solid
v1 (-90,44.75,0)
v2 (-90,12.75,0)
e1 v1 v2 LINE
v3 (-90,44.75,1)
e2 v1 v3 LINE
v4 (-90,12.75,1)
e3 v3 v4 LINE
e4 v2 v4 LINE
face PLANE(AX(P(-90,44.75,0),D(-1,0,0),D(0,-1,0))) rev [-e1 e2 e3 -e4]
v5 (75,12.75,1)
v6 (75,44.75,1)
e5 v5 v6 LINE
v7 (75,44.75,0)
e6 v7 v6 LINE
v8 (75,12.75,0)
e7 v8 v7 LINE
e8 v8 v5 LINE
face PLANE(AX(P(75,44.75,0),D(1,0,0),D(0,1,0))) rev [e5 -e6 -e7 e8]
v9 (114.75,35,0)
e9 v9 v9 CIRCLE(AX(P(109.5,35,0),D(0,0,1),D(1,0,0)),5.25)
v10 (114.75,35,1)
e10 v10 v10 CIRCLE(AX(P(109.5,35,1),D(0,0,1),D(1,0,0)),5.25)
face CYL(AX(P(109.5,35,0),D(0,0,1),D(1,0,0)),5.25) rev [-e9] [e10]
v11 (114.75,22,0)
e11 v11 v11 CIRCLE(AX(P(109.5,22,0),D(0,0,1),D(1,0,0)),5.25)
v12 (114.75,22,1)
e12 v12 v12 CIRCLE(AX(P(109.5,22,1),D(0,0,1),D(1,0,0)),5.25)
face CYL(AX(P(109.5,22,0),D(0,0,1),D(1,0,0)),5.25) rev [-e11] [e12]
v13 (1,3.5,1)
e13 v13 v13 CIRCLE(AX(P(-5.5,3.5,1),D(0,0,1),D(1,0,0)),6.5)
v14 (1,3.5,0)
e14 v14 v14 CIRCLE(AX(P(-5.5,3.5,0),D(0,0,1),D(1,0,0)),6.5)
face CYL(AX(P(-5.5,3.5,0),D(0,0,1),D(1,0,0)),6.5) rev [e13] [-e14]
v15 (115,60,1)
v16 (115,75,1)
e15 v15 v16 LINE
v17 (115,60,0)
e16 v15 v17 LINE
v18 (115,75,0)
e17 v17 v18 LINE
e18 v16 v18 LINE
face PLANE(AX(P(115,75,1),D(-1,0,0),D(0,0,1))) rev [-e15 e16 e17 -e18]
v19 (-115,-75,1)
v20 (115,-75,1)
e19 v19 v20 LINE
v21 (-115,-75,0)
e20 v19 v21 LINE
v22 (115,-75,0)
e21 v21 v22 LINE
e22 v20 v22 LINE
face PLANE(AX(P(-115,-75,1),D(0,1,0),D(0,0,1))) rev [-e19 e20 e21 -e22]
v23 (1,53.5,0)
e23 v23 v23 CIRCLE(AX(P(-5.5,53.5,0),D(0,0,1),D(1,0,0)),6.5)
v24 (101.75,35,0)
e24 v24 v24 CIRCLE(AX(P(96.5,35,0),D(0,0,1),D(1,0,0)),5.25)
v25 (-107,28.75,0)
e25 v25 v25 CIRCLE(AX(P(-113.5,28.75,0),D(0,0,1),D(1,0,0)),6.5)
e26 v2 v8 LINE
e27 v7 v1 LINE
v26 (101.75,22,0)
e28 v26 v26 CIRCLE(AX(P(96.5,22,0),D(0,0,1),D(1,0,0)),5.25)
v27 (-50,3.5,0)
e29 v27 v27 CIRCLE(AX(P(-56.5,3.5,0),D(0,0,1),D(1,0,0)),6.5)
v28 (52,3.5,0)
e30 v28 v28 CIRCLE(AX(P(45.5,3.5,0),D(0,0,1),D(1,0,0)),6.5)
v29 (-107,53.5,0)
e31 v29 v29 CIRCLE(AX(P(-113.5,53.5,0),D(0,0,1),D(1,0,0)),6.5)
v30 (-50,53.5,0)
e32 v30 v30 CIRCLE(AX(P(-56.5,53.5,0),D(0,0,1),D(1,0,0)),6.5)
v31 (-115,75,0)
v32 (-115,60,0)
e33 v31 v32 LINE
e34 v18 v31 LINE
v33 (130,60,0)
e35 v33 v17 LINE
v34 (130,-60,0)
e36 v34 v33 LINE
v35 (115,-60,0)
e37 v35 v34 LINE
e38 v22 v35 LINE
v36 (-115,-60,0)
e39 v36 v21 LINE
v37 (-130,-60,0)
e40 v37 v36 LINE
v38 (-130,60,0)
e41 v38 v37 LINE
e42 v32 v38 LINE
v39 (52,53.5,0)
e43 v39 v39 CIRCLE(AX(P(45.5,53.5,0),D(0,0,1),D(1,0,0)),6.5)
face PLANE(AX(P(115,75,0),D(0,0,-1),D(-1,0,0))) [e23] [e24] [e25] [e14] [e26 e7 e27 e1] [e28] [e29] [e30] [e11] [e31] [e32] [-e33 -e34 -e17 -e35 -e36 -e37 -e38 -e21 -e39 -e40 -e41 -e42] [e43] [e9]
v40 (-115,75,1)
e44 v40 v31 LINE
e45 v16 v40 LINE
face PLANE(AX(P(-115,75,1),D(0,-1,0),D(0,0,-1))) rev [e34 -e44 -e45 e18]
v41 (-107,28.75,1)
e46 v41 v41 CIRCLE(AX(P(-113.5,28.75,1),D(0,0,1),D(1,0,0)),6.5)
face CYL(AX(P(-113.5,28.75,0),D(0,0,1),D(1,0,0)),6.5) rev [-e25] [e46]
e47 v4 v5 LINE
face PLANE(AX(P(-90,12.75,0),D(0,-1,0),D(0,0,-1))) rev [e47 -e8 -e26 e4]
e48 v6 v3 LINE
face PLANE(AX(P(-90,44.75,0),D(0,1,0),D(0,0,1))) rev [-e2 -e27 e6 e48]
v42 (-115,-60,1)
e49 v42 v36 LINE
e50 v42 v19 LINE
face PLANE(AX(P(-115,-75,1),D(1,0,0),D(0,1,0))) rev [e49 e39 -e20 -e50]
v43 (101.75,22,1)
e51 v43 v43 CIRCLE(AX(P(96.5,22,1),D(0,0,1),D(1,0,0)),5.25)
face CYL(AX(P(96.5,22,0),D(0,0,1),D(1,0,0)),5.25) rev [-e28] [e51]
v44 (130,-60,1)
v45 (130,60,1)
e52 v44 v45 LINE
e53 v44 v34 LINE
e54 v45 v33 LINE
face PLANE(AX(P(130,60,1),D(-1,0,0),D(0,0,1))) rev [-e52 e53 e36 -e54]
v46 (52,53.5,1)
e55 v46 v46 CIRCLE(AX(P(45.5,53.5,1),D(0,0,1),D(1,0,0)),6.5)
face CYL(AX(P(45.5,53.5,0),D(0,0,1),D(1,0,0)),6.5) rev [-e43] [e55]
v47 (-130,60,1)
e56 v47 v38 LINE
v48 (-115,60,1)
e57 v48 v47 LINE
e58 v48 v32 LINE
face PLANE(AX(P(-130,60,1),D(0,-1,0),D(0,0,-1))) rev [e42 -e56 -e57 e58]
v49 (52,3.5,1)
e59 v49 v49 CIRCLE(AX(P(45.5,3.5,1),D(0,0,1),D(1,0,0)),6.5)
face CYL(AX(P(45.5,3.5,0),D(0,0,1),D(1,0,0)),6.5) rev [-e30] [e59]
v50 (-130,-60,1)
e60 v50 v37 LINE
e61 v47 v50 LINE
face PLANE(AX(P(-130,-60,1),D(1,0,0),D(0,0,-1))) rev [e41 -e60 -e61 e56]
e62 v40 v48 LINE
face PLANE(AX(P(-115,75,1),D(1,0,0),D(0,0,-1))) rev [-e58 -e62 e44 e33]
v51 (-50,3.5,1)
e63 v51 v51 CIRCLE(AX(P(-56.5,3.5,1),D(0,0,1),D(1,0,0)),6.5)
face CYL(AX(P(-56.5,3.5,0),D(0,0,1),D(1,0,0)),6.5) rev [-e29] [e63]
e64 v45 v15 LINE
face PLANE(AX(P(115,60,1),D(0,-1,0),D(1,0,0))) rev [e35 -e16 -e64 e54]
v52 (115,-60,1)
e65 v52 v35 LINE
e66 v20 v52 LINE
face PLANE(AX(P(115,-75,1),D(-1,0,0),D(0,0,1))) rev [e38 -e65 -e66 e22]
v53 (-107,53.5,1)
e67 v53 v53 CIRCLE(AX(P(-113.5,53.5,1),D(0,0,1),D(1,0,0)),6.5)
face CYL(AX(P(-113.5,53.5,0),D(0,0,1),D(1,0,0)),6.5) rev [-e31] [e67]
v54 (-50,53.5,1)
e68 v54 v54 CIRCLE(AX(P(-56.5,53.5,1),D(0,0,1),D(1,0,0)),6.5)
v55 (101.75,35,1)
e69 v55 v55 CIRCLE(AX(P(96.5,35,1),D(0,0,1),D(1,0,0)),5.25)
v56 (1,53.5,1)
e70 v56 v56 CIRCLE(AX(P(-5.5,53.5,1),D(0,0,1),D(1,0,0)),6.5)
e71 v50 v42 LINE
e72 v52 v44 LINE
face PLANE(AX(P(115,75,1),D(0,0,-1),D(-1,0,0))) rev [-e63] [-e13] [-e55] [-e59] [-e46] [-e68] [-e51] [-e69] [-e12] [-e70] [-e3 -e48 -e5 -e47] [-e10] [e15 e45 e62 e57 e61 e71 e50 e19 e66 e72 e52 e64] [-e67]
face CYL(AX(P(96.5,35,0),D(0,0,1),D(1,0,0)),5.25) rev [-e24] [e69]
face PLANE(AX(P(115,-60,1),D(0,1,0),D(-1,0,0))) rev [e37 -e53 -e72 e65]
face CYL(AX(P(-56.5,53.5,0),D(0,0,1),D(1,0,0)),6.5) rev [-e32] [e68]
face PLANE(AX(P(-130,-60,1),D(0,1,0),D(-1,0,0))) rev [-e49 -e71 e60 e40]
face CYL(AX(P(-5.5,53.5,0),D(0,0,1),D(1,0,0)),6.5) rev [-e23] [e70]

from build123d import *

# Parameters (mm, degrees)
EXTRUDE1_DEPTH        = 1
SKETCH2_W             = 165
SKETCH2_H             = 32
CUT_EXTRUDE1_DEPTH    = 1
SKETCH3_R             = 6.5
SKETCH3_R_2           = 5.25
CORTE_EXTRUS_O1_DEPTH = 2


with BuildPart() as part:
    # Sketch1 → Extrude1 (new body)
    with BuildSketch(Plane.XY):
        Polygon((-115, 75), (115, 75), (115, 60), (130, 60), (130, -60), (115, -60), (115, -75), (-115, -75), (-115, -60), (-130, -60), (-130, 60), (-115, 60), align=None)
    extrude(amount=EXTRUDE1_DEPTH)

    # Sketch2 → Cut-Extrude1 (cut)
    with BuildSketch(Plane.XY.offset(1)):
        with Locations((-7.5, 28.75)):
            Rectangle(SKETCH2_W, SKETCH2_H)
    extrude(amount=-CUT_EXTRUDE1_DEPTH, mode=Mode.SUBTRACT)

    # Sketch3 → Corte-extrusão1 (cut, through all)
    with BuildSketch(Plane.XY.offset(1)):
        with Locations((-113.5, 53.5)):
            Circle(SKETCH3_R)
        with Locations((-113.5, 28.75)):
            Circle(SKETCH3_R)
        with Locations((-56.5, 3.5)):
            Circle(SKETCH3_R)
        with Locations((-5.5, 3.5)):
            Circle(SKETCH3_R)
        with Locations((45.5, 3.5)):
            Circle(SKETCH3_R)
        with Locations((45.5, 53.5)):
            Circle(SKETCH3_R)
        with Locations((-5.5, 53.5)):
            Circle(SKETCH3_R)
        with Locations((-56.5, 53.5)):
            Circle(SKETCH3_R)
        with Locations((96.5, 35)):
            Circle(SKETCH3_R_2)
        with Locations((109.5, 35)):
            Circle(SKETCH3_R_2)
        with Locations((109.5, 22)):
            Circle(SKETCH3_R_2)
        with Locations((96.5, 22)):
            Circle(SKETCH3_R_2)
    extrude(amount=-CORTE_EXTRUS_O1_DEPTH, mode=Mode.SUBTRACT)


solid = part.part
